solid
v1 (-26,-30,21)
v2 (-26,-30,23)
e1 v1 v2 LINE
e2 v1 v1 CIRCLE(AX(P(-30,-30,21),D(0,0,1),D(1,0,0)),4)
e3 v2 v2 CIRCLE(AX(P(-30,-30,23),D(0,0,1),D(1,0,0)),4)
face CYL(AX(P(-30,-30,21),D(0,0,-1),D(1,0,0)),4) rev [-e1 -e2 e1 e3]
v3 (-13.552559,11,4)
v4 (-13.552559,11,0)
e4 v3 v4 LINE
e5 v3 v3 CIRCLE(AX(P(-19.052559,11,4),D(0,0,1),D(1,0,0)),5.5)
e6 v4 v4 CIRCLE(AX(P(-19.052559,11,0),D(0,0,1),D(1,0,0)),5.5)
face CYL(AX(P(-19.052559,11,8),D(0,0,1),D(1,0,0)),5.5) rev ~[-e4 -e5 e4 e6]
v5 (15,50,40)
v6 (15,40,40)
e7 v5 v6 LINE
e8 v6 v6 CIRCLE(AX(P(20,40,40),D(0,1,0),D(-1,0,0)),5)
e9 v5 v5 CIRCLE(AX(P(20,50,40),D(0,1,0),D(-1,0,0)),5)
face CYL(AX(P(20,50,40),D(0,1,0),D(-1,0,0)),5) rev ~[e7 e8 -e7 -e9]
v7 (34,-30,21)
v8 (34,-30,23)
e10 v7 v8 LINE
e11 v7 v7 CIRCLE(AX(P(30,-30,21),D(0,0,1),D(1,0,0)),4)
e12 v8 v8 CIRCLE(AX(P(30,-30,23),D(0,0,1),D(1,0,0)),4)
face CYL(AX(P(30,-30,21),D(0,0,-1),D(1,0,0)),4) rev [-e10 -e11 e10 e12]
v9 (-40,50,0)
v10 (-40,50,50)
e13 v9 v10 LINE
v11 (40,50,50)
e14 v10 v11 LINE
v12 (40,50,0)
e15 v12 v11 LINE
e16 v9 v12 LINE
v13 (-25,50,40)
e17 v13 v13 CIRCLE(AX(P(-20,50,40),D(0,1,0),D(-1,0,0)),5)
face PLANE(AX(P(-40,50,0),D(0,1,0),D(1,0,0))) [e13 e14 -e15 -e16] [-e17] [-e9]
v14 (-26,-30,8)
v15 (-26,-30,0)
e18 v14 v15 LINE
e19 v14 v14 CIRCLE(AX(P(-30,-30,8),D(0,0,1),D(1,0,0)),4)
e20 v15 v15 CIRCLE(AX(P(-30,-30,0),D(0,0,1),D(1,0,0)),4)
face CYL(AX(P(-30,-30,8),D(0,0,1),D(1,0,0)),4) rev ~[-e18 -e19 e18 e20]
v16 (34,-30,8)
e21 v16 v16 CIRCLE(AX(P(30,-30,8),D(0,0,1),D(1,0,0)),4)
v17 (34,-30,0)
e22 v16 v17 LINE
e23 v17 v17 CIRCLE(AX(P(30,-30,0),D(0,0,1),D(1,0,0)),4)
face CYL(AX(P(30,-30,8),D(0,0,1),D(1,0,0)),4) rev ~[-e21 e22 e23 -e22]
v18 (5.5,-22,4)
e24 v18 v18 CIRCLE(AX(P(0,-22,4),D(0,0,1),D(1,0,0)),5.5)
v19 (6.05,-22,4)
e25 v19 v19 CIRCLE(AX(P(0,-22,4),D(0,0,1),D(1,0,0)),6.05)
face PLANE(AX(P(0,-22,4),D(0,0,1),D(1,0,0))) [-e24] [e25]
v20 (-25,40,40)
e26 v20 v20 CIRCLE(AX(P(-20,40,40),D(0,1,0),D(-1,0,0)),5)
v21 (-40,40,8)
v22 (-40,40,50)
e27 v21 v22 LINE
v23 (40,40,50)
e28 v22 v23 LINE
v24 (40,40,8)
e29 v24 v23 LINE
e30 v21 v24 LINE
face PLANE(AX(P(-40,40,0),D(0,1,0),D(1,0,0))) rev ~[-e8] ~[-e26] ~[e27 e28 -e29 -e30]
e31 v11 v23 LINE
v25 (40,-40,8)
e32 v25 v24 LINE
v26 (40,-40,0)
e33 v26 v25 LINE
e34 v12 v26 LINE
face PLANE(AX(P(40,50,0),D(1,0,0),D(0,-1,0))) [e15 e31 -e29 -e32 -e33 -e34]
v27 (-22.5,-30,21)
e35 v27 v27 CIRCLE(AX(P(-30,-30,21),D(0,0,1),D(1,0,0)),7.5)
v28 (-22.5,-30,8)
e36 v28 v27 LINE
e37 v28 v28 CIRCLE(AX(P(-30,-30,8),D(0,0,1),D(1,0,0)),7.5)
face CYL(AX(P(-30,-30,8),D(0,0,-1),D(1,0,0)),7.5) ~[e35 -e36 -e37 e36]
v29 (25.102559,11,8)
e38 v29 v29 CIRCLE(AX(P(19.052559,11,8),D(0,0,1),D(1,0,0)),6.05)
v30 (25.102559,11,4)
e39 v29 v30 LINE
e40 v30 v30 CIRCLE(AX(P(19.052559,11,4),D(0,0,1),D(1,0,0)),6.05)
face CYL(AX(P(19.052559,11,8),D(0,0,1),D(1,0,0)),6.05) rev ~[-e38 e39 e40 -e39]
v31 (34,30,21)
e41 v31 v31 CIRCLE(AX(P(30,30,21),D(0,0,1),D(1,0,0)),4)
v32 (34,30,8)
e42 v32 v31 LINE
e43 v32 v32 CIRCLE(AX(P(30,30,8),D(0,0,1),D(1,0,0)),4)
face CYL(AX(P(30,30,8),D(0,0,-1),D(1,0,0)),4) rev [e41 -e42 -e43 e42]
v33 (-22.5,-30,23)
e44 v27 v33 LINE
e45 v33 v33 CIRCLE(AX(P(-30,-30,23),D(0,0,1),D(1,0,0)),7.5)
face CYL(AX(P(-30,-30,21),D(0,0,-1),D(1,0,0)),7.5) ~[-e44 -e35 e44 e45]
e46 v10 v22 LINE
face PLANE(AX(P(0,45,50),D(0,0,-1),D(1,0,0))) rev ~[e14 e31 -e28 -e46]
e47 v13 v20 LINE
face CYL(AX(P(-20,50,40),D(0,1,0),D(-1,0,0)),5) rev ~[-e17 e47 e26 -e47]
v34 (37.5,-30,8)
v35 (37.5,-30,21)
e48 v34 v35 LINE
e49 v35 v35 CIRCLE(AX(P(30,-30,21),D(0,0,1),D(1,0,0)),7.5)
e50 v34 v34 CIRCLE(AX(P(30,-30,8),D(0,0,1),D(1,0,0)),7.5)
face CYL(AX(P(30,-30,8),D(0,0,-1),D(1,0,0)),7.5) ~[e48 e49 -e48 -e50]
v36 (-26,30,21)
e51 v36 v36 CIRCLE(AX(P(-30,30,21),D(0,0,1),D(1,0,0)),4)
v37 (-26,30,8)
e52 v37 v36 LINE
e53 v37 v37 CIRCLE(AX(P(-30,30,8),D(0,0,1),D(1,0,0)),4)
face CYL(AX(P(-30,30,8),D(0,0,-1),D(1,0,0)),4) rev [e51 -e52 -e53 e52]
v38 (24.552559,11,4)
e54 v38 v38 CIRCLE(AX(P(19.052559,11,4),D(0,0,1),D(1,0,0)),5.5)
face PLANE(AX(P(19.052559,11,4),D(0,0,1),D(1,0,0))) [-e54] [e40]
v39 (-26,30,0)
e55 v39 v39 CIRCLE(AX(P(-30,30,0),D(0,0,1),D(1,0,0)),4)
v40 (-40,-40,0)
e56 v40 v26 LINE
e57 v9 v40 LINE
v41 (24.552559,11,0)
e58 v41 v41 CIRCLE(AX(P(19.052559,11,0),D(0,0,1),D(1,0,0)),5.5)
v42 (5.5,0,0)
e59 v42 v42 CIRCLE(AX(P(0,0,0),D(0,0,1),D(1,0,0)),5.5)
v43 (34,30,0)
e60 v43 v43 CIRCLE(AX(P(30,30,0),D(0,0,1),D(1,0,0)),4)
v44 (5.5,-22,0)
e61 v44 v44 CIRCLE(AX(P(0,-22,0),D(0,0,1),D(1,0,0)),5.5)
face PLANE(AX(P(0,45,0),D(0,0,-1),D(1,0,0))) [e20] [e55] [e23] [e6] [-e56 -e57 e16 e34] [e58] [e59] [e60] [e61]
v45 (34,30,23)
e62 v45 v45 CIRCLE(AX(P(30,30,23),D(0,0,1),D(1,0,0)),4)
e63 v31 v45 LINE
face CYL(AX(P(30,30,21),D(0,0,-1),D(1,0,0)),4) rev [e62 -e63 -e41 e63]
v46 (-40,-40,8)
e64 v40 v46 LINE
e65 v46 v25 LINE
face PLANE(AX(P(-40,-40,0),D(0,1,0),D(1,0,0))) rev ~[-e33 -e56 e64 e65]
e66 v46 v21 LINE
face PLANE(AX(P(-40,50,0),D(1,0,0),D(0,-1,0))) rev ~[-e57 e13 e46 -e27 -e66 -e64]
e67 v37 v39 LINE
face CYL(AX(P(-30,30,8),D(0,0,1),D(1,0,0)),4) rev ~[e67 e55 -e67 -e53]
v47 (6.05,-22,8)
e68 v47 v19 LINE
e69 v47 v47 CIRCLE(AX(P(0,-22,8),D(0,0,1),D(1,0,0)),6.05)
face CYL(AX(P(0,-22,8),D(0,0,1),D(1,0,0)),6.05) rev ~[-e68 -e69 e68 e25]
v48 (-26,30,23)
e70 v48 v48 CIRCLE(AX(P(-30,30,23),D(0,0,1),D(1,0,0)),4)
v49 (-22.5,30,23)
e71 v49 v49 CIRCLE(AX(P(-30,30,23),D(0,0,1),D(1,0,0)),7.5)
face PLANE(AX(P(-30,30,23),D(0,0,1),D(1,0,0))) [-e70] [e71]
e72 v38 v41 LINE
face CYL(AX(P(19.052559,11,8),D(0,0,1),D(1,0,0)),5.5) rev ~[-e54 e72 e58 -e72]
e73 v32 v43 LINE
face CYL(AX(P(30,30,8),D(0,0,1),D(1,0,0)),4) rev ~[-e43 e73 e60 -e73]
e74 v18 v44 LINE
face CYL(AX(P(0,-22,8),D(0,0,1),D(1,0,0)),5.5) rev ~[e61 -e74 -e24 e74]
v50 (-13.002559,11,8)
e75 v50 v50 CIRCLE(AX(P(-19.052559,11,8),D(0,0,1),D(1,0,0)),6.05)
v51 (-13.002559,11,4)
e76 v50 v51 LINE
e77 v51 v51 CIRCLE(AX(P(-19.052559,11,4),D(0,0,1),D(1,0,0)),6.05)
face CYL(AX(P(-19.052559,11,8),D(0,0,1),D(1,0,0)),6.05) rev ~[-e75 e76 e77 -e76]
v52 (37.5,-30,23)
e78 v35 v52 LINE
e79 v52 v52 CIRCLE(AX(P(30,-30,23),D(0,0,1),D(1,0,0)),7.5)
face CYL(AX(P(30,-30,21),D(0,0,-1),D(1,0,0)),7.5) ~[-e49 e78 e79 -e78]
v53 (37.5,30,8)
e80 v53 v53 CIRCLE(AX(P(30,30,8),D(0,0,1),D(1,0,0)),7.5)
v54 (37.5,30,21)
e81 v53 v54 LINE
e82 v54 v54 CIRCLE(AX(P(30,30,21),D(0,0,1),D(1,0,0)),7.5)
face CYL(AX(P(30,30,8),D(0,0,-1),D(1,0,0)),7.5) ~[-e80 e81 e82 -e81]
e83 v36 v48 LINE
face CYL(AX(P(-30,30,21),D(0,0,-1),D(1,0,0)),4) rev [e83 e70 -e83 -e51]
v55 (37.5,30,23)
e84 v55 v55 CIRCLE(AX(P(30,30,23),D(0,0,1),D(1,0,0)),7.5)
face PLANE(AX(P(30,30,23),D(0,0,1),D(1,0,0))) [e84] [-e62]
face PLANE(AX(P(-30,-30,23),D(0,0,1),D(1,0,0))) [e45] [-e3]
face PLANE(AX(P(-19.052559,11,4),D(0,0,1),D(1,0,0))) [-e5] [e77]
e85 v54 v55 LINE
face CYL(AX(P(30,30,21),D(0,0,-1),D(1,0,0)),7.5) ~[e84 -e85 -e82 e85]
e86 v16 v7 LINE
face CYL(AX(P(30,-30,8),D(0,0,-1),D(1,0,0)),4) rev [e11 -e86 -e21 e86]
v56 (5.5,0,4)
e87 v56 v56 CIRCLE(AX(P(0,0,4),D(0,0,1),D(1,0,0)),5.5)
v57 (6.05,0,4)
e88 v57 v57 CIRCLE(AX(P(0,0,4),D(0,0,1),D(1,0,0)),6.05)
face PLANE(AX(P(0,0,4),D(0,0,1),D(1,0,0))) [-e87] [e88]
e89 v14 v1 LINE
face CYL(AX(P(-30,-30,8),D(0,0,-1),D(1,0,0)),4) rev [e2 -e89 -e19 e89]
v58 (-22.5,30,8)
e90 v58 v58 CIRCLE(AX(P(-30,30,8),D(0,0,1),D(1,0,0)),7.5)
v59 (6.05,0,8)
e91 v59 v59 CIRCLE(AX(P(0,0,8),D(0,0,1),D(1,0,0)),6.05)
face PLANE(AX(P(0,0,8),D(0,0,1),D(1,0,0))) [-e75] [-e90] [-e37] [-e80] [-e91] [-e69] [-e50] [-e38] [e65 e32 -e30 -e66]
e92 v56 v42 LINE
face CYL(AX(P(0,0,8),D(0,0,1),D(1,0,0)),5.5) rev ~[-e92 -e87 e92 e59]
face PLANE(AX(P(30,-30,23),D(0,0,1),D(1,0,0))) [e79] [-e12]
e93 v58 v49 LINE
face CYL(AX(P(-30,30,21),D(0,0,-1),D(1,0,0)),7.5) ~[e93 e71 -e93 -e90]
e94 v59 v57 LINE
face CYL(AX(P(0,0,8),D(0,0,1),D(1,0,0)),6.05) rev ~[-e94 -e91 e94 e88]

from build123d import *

# Parameters (mm, degrees)
F0_W      = 80
F0_H      = 80
F1_DEPTH  = 8
F2_R      = 6.05
F2_R_2    = 5.5
F3_DEPTH  = 4
F4_DEPTH  = 25
F5_DEPTH  = 25
F6_R      = 7.5
F6_R_2    = 4
F7_DEPTH  = 13
F8_DEPTH  = 25
F9_W      = 80
F9_H      = 10
F10_DEPTH = 50
F11_R     = 5
F12_DEPTH = 25
F13_DEPTH = 2


with BuildPart() as f1:
    # F0 (on Top) → F1 (new body)
    with BuildSketch(Plane.XY):
        Rectangle(F0_W, F0_H)
    extrude(amount=F1_DEPTH)

    # F2 (on face) → F3 (cut)
    with BuildSketch(Plane.XY.offset(8)):
        with Locations((-19.0525588833, 11)):
            Circle(F2_R)
        with Locations((-19.0525588833, 11)):
            Circle(F2_R_2, mode=Mode.SUBTRACT)
        with Locations((19.0525588833, 11)):
            Circle(F2_R)
        with Locations((19.0525588833, 11)):
            Circle(F2_R_2, mode=Mode.SUBTRACT)
        Circle(F2_R)
        Circle(F2_R_2, mode=Mode.SUBTRACT)
        with Locations((0, -22)):
            Circle(F2_R)
        with Locations((0, -22)):
            Circle(F2_R_2, mode=Mode.SUBTRACT)
    extrude(amount=-F3_DEPTH, mode=Mode.SUBTRACT)

    # F4 (cut): faces of the model
    f4_faces = [f1.faces().sort_by_distance(p)[0] for p in [
        (-19.0525588833, 11, 8),
        (19.0525588833, 11, 8),
        (0, -22, 8),
    ]]
    extrude(f4_faces, amount=-F4_DEPTH, mode=Mode.SUBTRACT)

    # F5 (cut): a face of the model
    f5_faces = [f1.faces().sort_by_distance(p)[0] for p in [
        (0, 0, 8),
    ]]
    extrude(f5_faces, amount=-F5_DEPTH, mode=Mode.SUBTRACT)

    # F6 (on face) → F7 (join)
    with BuildSketch(Plane.XY.offset(8)):
        with Locations((-30, 30)):
            Circle(F6_R)
        with Locations((-30, 30)):
            Circle(F6_R_2, mode=Mode.SUBTRACT)
        with Locations((30, 30)):
            Circle(F6_R)
        with Locations((30, 30)):
            Circle(F6_R_2, mode=Mode.SUBTRACT)
        with Locations((30, -30)):
            Circle(F6_R)
        with Locations((30, -30)):
            Circle(F6_R_2, mode=Mode.SUBTRACT)
        with Locations((-30, -30)):
            Circle(F6_R)
        with Locations((-30, -30)):
            Circle(F6_R_2, mode=Mode.SUBTRACT)
    extrude(amount=F7_DEPTH)

    # F8 (cut): faces of the model
    f8_faces = [f1.faces().sort_by_distance(p)[0] for p in [
        (-30, 30, 8),
        (30, 30, 8),
        (-30, -30, 8),
        (30, -30, 8),
    ]]
    extrude(f8_faces, amount=-F8_DEPTH, mode=Mode.SUBTRACT)

    # F9 (on face) → F10 (join)
    with BuildSketch(Plane(origin=(0, 0, 0), x_dir=(1, 0, 0), z_dir=(0, 0, -1))):
        with Locations((0, -45)):
            Rectangle(F9_W, F9_H)
    extrude(amount=-F10_DEPTH)

    # F11 (on face) → F12 (cut)
    with BuildSketch(Plane(origin=(0, 50, 0), x_dir=(-1, 0, 0), z_dir=(0, 1, 0))):
        with Locations((-20, 40)):
            Circle(F11_R)
        with Locations((20, 40)):
            Circle(F11_R)
    extrude(amount=-F12_DEPTH, mode=Mode.SUBTRACT)

    # F13 (add): faces of the model
    f13_faces = [f1.faces().sort_by_distance(p)[0] for p in [
        (-37.2878679656, 30, 21),
        (-37.2878679656, -30, 21),
        (22.7121320344, -30, 21),
        (22.7121320344, 30, 21),
    ]]
    extrude(f13_faces, amount=F13_DEPTH)


solid = f1.part
